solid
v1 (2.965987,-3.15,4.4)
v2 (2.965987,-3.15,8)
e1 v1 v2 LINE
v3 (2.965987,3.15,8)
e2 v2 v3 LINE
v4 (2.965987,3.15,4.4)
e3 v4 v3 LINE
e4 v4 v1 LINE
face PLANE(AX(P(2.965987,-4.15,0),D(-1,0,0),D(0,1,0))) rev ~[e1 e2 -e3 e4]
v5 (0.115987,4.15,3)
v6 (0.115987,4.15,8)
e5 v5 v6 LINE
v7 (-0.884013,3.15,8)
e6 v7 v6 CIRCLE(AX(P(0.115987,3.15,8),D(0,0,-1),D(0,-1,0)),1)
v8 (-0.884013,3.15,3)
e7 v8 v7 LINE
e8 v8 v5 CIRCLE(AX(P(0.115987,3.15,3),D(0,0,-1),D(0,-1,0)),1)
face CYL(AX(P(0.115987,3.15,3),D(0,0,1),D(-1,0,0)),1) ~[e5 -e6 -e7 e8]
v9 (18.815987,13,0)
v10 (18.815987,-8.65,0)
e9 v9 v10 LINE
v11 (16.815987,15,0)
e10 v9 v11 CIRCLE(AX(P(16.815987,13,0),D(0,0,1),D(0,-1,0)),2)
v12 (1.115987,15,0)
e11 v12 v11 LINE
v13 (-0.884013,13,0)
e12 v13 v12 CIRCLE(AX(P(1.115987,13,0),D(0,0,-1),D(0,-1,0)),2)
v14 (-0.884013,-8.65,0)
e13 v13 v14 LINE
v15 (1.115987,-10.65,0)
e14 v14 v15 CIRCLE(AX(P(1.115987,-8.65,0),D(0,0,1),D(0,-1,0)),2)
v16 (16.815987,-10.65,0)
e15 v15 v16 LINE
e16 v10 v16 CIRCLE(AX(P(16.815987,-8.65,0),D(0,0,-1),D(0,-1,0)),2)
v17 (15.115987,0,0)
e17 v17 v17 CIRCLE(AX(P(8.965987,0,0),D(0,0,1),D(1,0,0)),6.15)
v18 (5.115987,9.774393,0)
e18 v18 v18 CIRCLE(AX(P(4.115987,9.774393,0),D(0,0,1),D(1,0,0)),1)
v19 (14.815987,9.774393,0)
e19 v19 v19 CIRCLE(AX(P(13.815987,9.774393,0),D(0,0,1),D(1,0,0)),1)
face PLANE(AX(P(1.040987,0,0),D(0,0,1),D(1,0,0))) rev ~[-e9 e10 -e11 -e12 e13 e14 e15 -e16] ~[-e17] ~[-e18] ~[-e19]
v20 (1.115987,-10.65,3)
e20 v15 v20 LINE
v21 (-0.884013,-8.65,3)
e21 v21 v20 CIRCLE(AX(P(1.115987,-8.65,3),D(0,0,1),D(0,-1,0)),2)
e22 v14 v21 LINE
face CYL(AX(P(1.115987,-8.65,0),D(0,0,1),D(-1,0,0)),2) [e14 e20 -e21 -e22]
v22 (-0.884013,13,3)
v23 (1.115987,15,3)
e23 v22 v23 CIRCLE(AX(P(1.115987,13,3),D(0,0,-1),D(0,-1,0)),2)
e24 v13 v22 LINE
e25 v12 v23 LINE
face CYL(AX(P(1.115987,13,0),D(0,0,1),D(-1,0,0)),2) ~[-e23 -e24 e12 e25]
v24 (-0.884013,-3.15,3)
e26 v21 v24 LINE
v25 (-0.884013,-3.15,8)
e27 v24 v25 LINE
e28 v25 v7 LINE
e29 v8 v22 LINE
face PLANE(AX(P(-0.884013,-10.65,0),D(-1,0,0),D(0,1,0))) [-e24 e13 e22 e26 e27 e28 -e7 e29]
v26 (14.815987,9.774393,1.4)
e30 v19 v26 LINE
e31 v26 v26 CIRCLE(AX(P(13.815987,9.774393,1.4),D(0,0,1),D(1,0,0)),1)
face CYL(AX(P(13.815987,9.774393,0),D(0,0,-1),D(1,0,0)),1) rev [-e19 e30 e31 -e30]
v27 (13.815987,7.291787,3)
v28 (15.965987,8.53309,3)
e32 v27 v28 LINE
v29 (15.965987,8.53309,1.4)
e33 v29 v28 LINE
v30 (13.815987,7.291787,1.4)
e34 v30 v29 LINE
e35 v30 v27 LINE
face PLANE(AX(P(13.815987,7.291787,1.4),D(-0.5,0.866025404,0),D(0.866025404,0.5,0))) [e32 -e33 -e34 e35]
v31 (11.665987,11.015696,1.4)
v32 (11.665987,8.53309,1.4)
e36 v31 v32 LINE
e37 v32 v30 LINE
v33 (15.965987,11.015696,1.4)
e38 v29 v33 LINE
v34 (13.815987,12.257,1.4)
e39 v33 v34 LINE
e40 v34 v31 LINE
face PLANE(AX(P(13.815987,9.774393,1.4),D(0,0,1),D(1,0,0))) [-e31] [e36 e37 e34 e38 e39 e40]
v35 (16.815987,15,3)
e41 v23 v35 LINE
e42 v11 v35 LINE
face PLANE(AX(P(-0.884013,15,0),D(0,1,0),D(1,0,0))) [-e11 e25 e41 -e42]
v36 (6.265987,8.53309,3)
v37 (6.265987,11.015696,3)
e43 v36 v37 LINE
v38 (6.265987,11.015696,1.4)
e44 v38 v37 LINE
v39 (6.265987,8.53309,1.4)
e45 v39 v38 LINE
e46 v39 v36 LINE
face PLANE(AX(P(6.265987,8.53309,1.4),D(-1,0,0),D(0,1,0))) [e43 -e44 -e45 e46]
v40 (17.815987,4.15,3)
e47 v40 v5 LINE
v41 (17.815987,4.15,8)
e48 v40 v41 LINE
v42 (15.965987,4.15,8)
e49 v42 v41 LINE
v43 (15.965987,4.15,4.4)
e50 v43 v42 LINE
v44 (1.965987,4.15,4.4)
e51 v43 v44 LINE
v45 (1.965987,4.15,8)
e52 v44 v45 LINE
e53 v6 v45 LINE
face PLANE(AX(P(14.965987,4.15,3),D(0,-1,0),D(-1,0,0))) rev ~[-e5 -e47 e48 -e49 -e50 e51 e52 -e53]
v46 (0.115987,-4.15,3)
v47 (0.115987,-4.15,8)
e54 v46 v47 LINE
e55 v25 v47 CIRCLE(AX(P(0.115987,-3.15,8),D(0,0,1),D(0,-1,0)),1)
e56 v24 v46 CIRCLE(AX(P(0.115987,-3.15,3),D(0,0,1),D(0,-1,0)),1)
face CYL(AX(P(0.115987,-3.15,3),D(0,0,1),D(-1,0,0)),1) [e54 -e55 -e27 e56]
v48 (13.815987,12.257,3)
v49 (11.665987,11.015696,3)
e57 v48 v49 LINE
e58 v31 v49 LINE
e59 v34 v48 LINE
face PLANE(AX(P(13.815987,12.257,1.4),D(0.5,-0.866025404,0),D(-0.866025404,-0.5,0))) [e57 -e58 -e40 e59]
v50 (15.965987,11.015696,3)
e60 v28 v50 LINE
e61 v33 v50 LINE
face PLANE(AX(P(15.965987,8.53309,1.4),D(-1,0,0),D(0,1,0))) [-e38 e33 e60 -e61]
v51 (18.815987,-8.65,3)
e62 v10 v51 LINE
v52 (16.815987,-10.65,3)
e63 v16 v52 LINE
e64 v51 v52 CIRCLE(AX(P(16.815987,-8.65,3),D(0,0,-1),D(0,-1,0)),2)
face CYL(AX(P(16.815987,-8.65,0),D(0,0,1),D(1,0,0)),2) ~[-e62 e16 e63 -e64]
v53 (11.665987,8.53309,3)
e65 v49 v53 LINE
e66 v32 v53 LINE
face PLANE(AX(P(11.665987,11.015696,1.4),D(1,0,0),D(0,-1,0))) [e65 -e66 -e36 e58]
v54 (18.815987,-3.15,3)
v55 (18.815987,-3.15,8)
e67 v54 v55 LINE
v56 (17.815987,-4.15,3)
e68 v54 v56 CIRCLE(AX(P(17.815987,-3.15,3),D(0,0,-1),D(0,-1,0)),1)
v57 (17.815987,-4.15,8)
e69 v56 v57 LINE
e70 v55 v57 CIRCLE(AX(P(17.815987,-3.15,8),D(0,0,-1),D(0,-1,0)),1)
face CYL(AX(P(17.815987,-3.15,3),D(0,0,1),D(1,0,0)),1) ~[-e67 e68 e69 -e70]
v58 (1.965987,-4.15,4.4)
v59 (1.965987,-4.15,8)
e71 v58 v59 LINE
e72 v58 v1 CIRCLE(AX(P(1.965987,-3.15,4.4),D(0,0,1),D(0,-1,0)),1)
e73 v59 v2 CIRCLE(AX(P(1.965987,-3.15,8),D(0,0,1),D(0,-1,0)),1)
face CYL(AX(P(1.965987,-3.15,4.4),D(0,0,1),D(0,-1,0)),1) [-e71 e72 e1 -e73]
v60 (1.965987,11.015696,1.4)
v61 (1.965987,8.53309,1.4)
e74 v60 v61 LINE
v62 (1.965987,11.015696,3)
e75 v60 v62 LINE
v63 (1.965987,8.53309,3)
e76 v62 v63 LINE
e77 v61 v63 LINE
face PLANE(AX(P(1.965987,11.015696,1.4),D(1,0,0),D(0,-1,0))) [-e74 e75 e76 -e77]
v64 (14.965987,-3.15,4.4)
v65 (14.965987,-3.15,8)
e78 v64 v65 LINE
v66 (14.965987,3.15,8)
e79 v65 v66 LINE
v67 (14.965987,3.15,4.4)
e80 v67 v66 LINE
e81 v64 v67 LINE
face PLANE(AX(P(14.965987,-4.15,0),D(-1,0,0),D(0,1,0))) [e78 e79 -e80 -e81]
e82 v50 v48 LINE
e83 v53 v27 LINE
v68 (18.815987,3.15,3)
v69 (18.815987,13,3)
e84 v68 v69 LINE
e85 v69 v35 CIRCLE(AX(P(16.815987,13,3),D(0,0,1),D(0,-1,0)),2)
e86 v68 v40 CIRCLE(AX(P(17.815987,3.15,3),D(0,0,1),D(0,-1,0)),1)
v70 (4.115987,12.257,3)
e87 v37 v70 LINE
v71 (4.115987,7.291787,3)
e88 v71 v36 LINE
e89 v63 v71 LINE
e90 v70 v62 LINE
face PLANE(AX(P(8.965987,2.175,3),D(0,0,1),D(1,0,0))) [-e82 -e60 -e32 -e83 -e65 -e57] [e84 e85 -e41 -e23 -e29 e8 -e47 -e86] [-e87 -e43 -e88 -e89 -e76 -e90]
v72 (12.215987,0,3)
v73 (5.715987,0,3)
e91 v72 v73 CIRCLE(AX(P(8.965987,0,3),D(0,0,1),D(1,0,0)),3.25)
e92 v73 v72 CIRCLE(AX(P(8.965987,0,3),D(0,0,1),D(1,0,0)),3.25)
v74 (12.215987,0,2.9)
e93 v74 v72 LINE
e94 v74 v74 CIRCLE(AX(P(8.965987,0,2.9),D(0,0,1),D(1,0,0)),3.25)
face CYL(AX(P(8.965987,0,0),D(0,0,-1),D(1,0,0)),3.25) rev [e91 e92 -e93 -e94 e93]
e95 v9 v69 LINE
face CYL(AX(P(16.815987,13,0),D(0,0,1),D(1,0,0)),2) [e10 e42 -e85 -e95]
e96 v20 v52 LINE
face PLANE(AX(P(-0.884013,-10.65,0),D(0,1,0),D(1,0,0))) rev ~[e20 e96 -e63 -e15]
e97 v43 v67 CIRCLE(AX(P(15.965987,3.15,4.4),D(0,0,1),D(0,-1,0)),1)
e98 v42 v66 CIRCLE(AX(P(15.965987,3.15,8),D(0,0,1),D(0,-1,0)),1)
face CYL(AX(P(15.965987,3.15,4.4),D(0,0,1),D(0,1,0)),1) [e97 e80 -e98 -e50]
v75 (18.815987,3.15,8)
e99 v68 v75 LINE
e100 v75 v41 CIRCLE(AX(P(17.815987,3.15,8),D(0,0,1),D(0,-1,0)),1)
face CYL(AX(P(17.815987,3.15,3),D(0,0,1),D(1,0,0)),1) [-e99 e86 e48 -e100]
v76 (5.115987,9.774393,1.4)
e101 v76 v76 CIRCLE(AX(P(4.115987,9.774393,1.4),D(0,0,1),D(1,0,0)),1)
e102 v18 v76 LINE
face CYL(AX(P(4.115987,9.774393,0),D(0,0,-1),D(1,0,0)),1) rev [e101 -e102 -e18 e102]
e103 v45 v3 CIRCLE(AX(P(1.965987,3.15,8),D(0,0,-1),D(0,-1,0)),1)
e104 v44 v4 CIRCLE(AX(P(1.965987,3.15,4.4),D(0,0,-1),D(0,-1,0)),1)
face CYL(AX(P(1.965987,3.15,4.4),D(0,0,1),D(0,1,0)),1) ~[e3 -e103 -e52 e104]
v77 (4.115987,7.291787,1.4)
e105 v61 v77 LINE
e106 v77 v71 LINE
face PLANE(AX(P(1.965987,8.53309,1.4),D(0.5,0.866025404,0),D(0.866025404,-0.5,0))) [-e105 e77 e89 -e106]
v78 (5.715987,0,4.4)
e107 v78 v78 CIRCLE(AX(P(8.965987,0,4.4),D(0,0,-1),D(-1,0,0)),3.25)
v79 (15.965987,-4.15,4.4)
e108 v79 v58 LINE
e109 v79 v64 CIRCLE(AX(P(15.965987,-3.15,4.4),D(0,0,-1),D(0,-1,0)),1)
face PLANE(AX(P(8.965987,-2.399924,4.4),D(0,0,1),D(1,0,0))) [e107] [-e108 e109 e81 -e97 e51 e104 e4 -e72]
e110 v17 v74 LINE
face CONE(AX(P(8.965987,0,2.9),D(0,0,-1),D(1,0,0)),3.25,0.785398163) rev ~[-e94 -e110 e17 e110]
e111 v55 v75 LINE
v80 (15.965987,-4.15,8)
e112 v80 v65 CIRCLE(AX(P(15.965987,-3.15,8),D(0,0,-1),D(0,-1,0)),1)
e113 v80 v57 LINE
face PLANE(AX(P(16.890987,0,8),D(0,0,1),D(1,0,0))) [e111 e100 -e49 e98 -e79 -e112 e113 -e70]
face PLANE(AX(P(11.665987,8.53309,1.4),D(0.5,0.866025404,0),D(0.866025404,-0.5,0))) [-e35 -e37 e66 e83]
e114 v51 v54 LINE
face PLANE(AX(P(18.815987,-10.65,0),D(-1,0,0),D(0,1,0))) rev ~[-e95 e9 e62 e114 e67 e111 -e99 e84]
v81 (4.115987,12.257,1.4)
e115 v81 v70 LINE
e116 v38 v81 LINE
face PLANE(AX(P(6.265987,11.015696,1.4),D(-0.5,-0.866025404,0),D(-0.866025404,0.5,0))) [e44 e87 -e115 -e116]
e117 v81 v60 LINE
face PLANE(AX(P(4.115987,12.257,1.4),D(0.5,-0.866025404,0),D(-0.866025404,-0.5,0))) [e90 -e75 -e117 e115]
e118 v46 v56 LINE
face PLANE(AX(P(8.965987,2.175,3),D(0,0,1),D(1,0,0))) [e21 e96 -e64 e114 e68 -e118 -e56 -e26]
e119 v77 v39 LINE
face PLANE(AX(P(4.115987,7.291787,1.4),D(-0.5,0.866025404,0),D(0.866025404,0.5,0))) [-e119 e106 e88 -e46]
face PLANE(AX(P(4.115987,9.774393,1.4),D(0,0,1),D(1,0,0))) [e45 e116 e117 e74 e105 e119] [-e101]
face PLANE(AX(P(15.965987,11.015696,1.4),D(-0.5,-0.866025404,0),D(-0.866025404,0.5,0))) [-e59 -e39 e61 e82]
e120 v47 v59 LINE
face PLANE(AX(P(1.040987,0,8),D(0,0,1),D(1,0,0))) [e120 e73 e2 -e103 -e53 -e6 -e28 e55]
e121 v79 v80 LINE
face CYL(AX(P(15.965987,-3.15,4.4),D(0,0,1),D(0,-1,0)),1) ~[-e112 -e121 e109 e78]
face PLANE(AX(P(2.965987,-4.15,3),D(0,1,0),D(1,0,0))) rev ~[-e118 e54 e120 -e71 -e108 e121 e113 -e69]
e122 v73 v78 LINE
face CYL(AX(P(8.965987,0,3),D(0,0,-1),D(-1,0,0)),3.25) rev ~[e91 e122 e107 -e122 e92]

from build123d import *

# Parameters (mm, degrees)
SKETCH_1_W          = 19.7
SKETCH_1_H          = 25.65
SKETCH_1_R          = 3.25
SKETCH_1_R_2        = 1
EXTRUDE_1_DEPTH     = 3
SKETCH_1_3_W        = 3.85
SKETCH_1_3_H        = 8.3
EXTRUDE_2_DEPTH     = 8
FILLET_1_R          = 2
CHAMFER_1_SIZE      = 2.9
FILLET_2_R          = 1
EXTRUDE_START       = 3
EXTRUDE_4_DEPTH     = 1.4
FILLET_3_R          = 1
CUT_EXTRUDE_START   = 1.4
SKETCH_1_5_R        = 1
CUT_EXTRUDE_1_DEPTH = 1.6


with BuildPart() as part:
    # Эскиз1 → Бобышка-Вытянуть1 (new body)
    with BuildSketch(Plane.XY):
        with Locations((8.965987089, 2.175)):
            Rectangle(SKETCH_1_W, SKETCH_1_H)
        with Locations((8.965987089, 0)):
            Circle(SKETCH_1_R, mode=Mode.SUBTRACT)
        with Locations((4.115987089, 9.774393406)):
            Circle(SKETCH_1_R_2, mode=Mode.SUBTRACT)
        with Locations((13.815987089, 9.774393406)):
            Circle(SKETCH_1_R_2, mode=Mode.SUBTRACT)
    extrude(amount=EXTRUDE_1_DEPTH)

    # Эскиз1<3> → Бобышка-Вытянуть2 (add)
    with BuildSketch(Plane.XY):
        with Locations((1.040987089, 0)):
            Rectangle(SKETCH_1_3_W, SKETCH_1_3_H)
        with Locations((16.890987089, 0)):
            Rectangle(SKETCH_1_3_W, SKETCH_1_3_H)
    extrude(amount=EXTRUDE_2_DEPTH)

    # Скругление1
    fillet_1_edges = [part.edges().sort_by_distance(p)[0] for p in [
        (-0.884012911, -10.65, 1.5),
        (-0.884012911, 15, 1.5),
        (18.815987089, 15, 1.5),
        (18.815987089, -10.65, 1.5),
    ]]
    fillet(fillet_1_edges, radius=FILLET_1_R)

    # Фаска1
    chamfer_1_edges = [part.edges().sort_by_distance(p)[0] for p in [
        (5.715987089, 0, 0),
    ]]
    chamfer(chamfer_1_edges, length=CHAMFER_1_SIZE)

    # Скругление2
    fillet_2_edges = [part.edges().sort_by_distance(p)[0] for p in [
        (-0.884012911, 4.15, 5.5),
        (-0.884012911, -4.15, 5.5),
        (18.815987089, -4.15, 5.5),
        (18.815987089, 4.15, 5.5),
    ]]
    fillet(fillet_2_edges, radius=FILLET_2_R)

    # Эскиз1<4> → Бобышка-Вытянуть4 (add)
    with BuildSketch(Plane.XY.offset(EXTRUDE_START)):
        with BuildLine():
            Line((2.965987089, 0), (2.965987089, -4.15))
            Line((2.965987089, -4.15), (14.965987089, -4.15))
            Line((14.965987089, -4.15), (14.965987089, 0))
            Line((14.965987089, 0), (12.215987089, 0))
            ThreePointArc((12.215987089, 0), (8.965987089, -3.25), (5.715987089, 0))
            Line((5.715987089, 0), (2.965987089, 0))
        make_face()
        with BuildLine():
            Line((14.965987089, 4.15), (2.965987089, 4.15))
            Line((2.965987089, 4.15), (2.965987089, 0))
            Line((2.965987089, 0), (5.715987089, 0))
            ThreePointArc((5.715987089, 0), (8.965987089, 3.25), (12.215987089, 0))
            Line((12.215987089, 0), (14.965987089, 0))
            Line((14.965987089, 0), (14.965987089, 4.15))
        make_face()
    extrude(amount=EXTRUDE_4_DEPTH)

    # Скругление3
    fillet_3_edges = [part.edges().sort_by_distance(p)[0] for p in [
        (2.965987089, -4.15, 6.2),
        (2.965987089, 4.15, 6.2),
        (14.965987089, -4.15, 6.2),
        (14.965987089, 4.15, 6.2),
    ]]
    fillet(fillet_3_edges, radius=FILLET_3_R)

    # Эскиз1<5> → Вырез-Вытянуть1 (cut)
    with BuildSketch(Plane.XY.offset(CUT_EXTRUDE_START)):
        Polygon((6.265987089, 8.533090327), (6.265987089, 11.015696485), (4.115987089, 12.256999563), (1.965987089, 11.015696485), (1.965987089, 8.533090327), (4.115987089, 7.291787248), align=None)
        with Locations((4.115987089, 9.774393406)):
            Circle(SKETCH_1_5_R, mode=Mode.SUBTRACT)
        Polygon((15.965987089, 8.533090327), (15.965987089, 11.015696485), (13.815987089, 12.256999563), (11.665987089, 11.015696485), (11.665987089, 8.533090327), (13.815987089, 7.291787248), align=None)
        with Locations((13.815987089, 9.774393406)):
            Circle(SKETCH_1_5_R, mode=Mode.SUBTRACT)
    extrude(amount=CUT_EXTRUDE_1_DEPTH, mode=Mode.SUBTRACT)


solid = part.part
